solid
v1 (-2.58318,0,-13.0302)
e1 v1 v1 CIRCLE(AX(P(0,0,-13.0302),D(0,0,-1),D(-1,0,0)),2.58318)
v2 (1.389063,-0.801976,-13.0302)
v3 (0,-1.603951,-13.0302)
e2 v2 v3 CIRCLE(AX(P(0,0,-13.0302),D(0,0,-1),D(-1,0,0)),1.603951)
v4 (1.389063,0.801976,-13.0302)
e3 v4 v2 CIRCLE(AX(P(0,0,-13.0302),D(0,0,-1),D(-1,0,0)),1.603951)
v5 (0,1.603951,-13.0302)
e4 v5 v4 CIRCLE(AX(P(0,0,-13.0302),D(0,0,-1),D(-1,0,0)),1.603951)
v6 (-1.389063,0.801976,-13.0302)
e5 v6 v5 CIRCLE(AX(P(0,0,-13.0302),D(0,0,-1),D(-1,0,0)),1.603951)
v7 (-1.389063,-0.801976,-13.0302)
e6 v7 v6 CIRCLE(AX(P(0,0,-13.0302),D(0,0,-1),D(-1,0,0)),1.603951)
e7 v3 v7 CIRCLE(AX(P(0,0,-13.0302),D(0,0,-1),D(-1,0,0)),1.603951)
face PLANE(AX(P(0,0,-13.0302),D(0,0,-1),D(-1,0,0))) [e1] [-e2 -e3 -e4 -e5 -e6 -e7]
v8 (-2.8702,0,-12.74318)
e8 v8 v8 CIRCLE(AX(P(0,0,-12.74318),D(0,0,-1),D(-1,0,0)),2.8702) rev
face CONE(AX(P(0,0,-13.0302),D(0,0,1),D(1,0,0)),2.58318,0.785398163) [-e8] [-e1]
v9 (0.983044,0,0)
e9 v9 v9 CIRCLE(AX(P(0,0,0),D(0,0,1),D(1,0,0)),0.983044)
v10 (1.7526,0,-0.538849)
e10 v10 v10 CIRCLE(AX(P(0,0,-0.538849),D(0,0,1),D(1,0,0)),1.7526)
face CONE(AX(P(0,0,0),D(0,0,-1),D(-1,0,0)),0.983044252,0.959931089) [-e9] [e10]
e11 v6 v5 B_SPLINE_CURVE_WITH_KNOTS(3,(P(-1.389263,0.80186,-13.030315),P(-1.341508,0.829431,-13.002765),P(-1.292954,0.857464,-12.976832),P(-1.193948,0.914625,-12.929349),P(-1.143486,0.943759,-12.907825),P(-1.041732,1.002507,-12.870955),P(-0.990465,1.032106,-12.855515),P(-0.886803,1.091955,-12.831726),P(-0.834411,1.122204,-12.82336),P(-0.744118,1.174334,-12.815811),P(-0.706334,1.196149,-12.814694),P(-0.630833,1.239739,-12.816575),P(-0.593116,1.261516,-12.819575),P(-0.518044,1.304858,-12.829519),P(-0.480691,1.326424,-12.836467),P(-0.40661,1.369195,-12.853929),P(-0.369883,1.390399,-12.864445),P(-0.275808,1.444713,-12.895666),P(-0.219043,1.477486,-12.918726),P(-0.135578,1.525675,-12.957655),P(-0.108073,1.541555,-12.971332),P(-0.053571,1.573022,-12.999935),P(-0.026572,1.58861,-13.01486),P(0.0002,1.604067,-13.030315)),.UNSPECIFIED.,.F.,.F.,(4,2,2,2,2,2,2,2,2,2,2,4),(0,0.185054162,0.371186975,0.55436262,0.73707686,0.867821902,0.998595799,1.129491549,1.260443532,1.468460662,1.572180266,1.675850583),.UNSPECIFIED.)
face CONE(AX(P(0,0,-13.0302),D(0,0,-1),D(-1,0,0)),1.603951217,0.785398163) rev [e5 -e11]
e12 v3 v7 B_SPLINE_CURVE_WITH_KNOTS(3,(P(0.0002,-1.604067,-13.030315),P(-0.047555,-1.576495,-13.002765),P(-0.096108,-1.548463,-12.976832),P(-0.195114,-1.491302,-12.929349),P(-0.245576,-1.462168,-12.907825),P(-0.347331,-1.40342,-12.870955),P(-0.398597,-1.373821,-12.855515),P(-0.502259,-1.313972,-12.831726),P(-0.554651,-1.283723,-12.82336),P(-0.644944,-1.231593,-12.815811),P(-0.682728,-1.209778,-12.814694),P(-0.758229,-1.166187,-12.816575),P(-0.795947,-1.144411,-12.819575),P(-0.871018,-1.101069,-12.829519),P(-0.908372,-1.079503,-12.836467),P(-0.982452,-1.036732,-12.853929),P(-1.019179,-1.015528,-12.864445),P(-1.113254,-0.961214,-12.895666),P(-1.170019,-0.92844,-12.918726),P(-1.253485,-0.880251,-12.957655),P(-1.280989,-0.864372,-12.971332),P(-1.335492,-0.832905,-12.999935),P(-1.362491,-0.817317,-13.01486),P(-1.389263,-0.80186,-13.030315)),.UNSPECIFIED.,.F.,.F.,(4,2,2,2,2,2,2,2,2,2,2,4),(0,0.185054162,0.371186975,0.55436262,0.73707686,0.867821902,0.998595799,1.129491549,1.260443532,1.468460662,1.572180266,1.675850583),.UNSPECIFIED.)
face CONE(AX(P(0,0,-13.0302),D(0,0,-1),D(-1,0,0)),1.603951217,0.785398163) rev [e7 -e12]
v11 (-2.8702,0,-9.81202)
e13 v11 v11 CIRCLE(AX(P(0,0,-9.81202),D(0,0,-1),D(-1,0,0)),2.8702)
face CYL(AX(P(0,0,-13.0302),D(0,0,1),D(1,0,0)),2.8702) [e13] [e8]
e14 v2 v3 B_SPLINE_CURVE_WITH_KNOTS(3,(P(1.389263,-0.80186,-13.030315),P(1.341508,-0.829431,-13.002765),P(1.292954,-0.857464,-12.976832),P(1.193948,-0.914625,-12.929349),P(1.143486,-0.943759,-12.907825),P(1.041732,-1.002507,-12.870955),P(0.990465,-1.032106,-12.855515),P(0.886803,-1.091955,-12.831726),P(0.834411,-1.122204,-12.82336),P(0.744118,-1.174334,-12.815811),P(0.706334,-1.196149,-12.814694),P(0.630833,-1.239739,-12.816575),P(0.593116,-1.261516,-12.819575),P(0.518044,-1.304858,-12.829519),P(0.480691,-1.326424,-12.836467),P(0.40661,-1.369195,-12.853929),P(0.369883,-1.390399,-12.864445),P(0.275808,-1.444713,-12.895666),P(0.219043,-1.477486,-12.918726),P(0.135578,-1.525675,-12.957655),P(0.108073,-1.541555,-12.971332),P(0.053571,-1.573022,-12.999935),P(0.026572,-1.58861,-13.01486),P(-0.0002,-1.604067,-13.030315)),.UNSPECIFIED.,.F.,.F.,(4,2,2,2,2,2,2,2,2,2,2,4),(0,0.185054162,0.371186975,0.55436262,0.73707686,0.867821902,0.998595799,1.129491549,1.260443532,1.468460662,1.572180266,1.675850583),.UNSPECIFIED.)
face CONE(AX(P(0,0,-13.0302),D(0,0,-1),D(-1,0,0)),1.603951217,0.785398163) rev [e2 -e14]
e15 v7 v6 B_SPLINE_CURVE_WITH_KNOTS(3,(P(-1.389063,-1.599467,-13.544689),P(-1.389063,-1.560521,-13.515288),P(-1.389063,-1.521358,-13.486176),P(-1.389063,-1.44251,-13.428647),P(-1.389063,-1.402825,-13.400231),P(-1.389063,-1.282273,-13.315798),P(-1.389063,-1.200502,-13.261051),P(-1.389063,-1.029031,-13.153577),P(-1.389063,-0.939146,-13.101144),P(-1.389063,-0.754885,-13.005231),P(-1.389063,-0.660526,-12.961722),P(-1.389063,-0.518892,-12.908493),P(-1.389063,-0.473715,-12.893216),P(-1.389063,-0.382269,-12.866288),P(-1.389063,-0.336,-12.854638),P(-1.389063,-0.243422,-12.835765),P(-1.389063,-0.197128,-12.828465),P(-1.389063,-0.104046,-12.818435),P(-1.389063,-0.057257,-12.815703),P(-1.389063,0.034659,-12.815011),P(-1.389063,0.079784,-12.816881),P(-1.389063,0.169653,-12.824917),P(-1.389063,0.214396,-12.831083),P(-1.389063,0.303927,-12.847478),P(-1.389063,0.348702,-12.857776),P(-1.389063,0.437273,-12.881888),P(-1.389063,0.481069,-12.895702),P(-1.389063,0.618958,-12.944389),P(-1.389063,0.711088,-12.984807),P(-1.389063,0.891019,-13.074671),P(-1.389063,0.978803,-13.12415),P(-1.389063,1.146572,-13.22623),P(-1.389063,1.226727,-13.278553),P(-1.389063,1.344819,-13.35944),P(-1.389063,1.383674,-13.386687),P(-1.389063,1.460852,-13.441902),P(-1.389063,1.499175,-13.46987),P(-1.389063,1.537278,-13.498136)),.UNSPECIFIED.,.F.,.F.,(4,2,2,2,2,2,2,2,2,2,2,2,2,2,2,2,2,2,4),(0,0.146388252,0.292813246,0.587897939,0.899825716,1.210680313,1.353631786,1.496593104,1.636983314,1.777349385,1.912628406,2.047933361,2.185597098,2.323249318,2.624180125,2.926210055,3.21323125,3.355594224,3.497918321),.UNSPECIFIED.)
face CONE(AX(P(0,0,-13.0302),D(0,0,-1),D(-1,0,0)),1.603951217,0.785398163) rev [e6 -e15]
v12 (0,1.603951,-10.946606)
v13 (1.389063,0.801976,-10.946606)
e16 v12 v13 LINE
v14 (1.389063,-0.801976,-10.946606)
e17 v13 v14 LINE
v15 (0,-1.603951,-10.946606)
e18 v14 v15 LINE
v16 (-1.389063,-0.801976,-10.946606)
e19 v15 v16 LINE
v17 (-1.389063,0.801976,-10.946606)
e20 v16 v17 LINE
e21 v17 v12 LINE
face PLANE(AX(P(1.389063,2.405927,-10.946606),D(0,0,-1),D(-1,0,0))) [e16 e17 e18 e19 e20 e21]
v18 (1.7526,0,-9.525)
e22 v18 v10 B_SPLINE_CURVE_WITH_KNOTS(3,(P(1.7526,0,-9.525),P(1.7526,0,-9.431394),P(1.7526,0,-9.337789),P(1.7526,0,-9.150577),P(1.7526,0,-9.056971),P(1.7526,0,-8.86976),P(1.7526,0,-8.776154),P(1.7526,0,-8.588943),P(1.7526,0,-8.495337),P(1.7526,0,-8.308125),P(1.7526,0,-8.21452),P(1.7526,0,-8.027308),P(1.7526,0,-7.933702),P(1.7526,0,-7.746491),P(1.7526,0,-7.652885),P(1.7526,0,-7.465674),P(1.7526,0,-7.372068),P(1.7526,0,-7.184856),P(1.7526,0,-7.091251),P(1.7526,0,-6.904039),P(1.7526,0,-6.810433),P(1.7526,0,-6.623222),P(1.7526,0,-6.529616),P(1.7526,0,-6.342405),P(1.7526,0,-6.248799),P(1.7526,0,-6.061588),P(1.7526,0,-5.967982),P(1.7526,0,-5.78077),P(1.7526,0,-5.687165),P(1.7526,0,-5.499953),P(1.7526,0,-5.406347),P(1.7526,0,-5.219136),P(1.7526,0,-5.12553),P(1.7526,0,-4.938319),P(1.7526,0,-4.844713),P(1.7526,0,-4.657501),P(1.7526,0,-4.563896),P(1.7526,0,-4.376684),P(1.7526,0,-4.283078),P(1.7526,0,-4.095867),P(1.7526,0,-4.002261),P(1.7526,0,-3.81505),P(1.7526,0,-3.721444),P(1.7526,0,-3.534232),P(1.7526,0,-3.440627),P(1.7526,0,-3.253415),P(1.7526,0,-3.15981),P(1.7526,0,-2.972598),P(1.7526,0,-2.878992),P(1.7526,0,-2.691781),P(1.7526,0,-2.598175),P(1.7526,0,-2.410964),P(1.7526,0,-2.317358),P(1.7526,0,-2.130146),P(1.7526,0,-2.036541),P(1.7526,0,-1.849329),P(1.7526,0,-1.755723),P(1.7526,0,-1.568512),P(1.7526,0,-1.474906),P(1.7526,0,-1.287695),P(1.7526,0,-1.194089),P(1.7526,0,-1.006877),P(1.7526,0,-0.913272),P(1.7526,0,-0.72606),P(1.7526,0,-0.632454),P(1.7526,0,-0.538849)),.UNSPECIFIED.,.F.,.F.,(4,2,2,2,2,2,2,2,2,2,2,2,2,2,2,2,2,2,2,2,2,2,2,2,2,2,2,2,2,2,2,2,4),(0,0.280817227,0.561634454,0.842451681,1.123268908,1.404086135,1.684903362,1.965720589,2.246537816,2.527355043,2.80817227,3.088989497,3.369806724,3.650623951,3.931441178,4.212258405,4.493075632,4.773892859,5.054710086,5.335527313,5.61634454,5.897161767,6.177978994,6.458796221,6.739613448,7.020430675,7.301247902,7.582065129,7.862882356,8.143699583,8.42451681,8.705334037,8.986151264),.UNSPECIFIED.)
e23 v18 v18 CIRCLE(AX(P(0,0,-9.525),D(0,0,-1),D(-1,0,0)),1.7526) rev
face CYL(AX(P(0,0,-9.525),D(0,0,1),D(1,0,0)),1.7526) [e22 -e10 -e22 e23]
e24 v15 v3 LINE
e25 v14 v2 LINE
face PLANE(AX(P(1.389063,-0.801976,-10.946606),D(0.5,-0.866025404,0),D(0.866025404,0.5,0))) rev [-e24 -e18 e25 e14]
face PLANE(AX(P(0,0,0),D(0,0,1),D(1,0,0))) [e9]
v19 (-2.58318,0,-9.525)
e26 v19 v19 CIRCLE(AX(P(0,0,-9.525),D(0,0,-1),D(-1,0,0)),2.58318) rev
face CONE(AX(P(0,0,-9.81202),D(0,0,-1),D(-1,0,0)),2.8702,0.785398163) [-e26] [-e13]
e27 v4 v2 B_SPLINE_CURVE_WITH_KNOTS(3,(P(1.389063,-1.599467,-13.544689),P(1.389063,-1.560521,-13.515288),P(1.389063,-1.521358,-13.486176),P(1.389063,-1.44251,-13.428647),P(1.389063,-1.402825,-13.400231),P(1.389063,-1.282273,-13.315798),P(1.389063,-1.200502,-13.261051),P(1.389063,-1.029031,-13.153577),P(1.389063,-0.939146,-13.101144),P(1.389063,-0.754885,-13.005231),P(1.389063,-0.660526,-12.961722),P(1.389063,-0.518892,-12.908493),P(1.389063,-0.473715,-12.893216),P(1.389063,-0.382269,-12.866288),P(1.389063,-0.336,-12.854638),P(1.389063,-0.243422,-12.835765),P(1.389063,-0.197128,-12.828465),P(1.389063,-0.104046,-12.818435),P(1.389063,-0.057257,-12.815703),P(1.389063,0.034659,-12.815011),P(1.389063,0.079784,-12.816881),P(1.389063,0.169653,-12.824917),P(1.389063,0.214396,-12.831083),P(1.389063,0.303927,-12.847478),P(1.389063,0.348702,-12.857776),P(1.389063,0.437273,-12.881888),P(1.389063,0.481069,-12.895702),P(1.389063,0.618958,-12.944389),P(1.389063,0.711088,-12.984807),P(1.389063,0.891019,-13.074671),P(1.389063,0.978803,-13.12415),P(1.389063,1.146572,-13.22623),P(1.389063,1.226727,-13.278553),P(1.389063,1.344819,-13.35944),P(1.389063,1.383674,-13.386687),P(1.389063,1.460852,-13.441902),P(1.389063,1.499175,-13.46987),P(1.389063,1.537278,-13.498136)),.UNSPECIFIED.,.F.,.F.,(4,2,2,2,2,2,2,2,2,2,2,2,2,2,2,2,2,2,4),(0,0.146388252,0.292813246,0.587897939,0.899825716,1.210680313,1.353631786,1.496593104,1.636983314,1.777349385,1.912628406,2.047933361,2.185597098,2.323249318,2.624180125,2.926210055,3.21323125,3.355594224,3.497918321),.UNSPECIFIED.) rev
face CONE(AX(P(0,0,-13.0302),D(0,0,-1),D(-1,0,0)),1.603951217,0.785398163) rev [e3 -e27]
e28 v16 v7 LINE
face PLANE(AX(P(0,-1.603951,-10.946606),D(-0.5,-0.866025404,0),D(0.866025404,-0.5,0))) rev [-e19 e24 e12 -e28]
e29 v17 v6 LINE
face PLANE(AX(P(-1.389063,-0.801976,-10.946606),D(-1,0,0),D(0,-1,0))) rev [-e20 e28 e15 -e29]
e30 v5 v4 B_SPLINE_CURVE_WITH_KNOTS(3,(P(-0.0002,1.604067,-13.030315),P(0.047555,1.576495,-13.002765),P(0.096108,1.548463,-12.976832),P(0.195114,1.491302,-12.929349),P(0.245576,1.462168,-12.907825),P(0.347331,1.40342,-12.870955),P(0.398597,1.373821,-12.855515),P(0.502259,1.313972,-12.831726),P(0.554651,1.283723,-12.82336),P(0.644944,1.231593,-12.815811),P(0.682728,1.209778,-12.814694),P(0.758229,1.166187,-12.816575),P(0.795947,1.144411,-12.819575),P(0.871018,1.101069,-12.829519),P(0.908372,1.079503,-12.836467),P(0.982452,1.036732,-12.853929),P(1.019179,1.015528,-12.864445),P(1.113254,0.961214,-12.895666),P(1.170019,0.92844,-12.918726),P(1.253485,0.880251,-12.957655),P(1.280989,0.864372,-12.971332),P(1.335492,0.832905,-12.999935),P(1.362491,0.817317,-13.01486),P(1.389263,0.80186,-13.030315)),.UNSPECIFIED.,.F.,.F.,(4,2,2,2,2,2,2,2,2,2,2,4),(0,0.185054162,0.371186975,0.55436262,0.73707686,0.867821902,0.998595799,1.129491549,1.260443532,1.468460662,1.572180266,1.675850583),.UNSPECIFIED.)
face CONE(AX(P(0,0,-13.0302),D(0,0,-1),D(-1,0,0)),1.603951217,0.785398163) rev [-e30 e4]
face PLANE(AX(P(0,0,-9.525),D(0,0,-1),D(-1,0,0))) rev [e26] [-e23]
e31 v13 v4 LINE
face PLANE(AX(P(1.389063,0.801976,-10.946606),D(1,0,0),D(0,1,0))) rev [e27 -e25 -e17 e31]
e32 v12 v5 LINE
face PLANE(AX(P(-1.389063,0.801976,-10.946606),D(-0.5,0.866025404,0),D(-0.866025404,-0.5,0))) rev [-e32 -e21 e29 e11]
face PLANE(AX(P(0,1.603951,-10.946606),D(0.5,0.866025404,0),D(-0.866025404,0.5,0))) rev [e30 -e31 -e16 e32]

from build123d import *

# Parameters (mm, degrees)
SKETCH1_R          = 1.7526
EXTRUDE1_DEPTH     = 9.525
SKETCH6_R          = 2.8702
EXTRUDE2_DEPTH     = 3.5052
CUT_EXTRUDE1_DEPTH = 2.08359375
CHAMFER1_SIZE      = 0.28702


with BuildPart() as part:
    # Sketch1 → Extrude1 (new body)
    with BuildSketch(Plane.XY):
        Circle(SKETCH1_R)
    extrude(amount=-EXTRUDE1_DEPTH)

    # Sketch4 → Cut-Revolve1 (revolve, cut)
    with BuildSketch(Plane(origin=(0, 0, 0), x_dir=(0, 0, -1), z_dir=(1, 0, 0))):
        Polygon((0.538848736, 1.7526), (0, 0.983044252), (0, 1.7526), align=None)
    revolve(axis=Axis((0, 0, 0), (0, 0, -1)), mode=Mode.SUBTRACT)

    # Sketch6 → Extrude2 (add)
    with BuildSketch(Plane(origin=(0, 0, -9.525), x_dir=(-1, 0, 0), z_dir=(0, 0, -1))):
        Circle(SKETCH6_R)
    extrude(amount=EXTRUDE2_DEPTH)

    # Sketch7 → Cut-Extrude1 (cut)
    with BuildSketch(Plane(origin=(0, 0, -13.0302), x_dir=(-1, 0, 0), z_dir=(0, 0, -1))):
        Polygon((0, 1.603951217), (-1.3890625, 0.801975608), (-1.3890625, -0.801975608), (0, -1.603951217), (1.3890625, -0.801975608), (1.3890625, 0.801975608), align=None)
    extrude(amount=-CUT_EXTRUDE1_DEPTH, mode=Mode.SUBTRACT)

    # Cut-Extrude2 cone 1 section (through the dimple's axis) → Cut-Extrude2 (revolve, cut)
    with BuildSketch(Plane(origin=(0, 0, -13.0302), x_dir=(0, 1, 0), z_dir=(1, 0, 0))):
        Polygon((0, 0), (1.603951217, 0), (0, 1.603951217), align=None)
    revolve(axis=Axis((0, 0, -13.0302), (0, 0, 1)), mode=Mode.SUBTRACT)

    # Chamfer1
    chamfer1_edges = [part.edges().sort_by_distance(p)[0] for p in [
        (2.8702, 0, -13.0302),
        (2.8702, 0, -9.525),
    ]]
    chamfer(chamfer1_edges, length=CHAMFER1_SIZE)


solid = part.part
